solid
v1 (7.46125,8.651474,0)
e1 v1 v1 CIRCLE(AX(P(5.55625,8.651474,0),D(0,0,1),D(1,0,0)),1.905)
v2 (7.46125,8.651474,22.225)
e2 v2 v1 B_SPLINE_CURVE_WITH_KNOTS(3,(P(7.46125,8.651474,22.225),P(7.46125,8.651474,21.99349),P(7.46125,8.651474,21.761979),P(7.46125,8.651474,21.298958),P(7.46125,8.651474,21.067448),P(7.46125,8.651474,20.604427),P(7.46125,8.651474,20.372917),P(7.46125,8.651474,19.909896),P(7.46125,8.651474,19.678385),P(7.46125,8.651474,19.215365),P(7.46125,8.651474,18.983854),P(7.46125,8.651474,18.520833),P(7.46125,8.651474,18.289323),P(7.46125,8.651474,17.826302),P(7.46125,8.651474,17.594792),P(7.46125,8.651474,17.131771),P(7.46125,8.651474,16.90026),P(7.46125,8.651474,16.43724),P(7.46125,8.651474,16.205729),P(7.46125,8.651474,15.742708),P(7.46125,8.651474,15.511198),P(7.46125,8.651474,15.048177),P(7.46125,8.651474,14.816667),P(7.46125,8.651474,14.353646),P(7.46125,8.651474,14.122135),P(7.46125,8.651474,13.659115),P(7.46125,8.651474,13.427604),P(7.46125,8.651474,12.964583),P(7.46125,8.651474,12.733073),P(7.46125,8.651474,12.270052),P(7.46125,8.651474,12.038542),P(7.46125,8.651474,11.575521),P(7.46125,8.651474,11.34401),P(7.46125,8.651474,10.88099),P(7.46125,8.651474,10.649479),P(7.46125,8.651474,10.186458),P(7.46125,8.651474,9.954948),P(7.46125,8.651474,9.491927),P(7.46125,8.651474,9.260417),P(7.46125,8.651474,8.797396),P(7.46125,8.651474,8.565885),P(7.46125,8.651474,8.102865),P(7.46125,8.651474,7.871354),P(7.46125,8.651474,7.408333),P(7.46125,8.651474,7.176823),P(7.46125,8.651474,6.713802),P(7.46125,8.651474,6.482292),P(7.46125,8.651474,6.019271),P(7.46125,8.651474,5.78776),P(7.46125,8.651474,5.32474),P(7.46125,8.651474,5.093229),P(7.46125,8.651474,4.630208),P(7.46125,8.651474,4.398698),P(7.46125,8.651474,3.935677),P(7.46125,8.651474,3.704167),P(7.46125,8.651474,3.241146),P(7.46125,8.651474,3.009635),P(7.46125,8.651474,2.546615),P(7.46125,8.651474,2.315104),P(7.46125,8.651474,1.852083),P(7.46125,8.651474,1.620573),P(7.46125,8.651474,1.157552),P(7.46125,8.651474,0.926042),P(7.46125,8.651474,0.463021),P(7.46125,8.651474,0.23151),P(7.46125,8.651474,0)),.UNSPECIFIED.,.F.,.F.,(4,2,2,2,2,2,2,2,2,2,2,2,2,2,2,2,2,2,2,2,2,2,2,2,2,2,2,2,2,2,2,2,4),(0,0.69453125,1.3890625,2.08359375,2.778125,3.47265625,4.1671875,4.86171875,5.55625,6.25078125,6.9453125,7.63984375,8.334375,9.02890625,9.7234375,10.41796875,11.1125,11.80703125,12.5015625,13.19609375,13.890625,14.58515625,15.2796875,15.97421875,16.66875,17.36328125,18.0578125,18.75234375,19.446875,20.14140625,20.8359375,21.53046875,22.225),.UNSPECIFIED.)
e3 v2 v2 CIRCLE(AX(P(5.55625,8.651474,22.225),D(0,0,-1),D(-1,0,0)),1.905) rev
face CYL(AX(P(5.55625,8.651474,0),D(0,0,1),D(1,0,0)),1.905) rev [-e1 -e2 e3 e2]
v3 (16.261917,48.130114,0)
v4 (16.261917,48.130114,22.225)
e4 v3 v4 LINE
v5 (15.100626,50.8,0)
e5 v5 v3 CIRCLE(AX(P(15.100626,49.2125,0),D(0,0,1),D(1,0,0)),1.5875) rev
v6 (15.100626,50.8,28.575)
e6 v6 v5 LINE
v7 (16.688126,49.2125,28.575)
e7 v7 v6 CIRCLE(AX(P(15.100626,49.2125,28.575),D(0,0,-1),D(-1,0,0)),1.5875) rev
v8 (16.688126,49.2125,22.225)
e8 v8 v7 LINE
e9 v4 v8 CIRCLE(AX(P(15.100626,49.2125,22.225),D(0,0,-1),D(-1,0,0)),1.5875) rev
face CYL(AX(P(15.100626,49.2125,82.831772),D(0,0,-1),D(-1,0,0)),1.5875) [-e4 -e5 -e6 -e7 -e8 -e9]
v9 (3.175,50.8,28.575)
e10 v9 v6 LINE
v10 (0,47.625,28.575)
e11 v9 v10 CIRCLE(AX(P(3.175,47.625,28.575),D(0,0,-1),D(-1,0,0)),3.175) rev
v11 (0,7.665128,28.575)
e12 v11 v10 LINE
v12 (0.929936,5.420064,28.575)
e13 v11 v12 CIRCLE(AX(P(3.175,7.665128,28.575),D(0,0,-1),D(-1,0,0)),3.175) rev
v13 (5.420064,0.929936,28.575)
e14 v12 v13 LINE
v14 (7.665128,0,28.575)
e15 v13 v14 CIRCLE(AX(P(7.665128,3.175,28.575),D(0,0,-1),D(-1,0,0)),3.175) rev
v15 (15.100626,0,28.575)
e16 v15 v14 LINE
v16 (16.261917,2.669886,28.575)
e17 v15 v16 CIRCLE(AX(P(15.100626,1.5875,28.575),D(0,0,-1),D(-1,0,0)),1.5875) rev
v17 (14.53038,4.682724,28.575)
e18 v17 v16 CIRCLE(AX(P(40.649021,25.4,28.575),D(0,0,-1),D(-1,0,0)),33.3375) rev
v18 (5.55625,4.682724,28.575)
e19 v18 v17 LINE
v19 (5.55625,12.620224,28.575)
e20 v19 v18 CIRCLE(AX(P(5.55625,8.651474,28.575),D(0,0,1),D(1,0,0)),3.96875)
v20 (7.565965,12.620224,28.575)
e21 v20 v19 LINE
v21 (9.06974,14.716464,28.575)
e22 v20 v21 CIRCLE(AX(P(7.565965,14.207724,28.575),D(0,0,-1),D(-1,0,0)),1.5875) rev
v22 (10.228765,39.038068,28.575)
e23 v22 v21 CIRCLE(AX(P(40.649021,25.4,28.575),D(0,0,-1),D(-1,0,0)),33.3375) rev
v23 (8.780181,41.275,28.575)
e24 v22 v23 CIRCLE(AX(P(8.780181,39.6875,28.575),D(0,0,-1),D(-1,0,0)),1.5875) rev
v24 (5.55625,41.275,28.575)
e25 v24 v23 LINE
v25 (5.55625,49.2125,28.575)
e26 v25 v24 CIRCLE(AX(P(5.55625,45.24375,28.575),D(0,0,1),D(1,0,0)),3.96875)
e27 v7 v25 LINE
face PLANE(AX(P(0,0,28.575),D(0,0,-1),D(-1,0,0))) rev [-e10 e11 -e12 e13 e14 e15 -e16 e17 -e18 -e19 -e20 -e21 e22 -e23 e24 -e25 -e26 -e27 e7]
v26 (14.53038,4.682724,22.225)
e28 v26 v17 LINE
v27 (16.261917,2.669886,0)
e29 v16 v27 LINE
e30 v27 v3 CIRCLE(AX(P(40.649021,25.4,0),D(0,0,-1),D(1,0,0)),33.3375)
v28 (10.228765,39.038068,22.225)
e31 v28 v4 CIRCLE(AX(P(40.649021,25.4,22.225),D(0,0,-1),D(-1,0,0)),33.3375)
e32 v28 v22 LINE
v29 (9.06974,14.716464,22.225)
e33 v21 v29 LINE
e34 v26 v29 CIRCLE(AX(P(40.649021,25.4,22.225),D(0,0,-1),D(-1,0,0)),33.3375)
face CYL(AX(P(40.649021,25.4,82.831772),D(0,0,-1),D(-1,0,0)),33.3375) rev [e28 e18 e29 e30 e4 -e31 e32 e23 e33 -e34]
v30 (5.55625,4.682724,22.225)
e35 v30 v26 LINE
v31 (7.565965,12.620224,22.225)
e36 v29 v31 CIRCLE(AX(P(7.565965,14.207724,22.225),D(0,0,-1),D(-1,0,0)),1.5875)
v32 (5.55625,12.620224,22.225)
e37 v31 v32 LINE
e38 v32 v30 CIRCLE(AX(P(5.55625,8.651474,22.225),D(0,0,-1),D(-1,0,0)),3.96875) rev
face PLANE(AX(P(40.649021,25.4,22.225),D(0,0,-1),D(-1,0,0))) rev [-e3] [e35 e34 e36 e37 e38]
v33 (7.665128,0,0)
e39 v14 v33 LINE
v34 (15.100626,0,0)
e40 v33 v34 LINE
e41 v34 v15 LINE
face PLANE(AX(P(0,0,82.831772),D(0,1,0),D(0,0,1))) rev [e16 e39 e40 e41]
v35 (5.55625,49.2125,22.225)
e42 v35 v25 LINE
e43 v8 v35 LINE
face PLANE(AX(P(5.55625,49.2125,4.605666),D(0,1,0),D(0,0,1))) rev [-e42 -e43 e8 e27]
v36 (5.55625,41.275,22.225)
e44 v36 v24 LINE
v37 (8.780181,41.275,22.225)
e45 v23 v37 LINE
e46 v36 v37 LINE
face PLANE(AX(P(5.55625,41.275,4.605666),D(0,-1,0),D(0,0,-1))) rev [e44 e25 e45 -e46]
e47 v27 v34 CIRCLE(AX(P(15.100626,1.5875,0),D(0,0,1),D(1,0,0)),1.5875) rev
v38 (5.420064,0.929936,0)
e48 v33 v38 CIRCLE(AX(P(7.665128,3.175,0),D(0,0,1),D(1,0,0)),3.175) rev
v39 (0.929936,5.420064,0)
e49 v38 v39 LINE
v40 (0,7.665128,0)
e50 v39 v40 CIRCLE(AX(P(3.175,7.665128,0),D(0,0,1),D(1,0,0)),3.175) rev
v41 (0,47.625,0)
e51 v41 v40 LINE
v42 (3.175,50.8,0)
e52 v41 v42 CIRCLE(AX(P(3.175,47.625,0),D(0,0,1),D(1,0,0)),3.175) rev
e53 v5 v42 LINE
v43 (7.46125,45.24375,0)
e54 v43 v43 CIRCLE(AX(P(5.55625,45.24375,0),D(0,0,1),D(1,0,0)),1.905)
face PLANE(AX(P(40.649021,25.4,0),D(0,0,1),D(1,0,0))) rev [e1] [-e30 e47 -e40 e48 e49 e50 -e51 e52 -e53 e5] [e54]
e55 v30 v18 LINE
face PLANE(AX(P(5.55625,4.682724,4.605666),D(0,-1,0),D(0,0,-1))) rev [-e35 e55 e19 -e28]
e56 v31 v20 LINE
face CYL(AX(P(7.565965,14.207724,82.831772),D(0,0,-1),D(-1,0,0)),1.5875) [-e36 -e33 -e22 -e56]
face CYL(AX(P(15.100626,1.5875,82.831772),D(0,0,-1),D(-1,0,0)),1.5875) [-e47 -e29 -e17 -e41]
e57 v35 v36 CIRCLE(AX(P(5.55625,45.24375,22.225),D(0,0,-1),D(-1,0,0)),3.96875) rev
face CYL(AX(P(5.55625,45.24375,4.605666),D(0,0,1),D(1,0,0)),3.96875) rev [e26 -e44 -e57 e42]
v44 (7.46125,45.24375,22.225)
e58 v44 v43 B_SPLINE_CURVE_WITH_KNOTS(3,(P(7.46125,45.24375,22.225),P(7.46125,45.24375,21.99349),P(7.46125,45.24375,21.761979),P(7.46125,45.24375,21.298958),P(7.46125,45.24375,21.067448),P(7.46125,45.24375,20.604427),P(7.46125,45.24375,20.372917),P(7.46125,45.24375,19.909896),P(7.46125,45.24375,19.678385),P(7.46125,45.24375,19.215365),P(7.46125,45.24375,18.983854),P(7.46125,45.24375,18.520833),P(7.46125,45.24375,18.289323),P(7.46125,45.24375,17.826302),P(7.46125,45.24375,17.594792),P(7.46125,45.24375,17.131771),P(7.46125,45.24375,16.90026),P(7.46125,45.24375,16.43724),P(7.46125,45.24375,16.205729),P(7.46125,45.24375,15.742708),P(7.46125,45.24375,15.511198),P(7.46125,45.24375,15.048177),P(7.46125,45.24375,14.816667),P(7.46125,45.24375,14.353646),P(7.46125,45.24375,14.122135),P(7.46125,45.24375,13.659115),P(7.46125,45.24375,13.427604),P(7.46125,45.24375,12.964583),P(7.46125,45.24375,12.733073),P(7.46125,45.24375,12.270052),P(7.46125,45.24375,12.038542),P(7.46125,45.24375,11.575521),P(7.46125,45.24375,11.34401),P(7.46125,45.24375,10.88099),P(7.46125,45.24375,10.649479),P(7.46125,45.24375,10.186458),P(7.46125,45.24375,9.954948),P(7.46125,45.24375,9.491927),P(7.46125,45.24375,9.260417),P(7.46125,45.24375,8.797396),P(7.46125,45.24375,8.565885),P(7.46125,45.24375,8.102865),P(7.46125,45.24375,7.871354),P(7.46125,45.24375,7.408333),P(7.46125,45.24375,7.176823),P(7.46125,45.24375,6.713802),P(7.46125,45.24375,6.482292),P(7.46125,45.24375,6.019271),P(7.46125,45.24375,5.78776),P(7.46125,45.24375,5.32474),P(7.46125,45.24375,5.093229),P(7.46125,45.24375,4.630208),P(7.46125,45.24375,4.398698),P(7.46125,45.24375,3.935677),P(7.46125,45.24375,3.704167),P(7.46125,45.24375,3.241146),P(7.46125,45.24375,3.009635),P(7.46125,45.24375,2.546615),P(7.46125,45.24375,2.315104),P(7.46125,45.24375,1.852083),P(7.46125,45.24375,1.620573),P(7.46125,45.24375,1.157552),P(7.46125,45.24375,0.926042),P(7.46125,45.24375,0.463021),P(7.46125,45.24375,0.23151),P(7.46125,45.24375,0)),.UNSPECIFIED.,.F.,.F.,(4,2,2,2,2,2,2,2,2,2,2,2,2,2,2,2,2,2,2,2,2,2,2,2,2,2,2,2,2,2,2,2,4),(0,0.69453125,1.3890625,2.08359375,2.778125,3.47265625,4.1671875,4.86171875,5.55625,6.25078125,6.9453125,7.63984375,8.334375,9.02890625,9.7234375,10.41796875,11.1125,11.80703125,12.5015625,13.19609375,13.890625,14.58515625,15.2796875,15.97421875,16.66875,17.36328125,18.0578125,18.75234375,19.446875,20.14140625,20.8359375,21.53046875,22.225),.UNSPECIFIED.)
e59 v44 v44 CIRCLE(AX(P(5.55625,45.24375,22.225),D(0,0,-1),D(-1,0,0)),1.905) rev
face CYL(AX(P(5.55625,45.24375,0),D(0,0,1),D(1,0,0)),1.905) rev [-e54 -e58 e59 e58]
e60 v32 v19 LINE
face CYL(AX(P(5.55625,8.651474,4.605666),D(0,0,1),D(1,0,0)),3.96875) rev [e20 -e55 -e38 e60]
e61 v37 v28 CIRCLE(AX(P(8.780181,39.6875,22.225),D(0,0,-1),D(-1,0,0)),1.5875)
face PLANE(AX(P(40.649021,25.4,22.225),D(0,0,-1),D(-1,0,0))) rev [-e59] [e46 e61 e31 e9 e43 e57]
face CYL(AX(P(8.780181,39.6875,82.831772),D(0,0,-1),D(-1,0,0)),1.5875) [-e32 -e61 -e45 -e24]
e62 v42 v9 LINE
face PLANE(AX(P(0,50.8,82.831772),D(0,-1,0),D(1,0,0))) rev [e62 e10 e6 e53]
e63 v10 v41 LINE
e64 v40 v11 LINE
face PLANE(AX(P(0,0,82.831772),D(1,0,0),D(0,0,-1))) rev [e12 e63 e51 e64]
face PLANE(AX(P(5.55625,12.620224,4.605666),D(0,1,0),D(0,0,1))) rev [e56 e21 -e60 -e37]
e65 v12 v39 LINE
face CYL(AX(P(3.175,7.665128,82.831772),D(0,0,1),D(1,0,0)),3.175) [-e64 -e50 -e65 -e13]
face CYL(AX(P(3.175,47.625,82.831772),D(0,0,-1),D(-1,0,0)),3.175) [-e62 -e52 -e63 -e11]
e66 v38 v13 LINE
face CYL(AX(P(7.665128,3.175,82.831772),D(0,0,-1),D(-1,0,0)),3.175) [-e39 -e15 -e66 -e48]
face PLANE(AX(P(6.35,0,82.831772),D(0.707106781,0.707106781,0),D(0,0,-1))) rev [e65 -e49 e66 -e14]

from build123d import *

# Parameters (mm, degrees)
BOSS_EXTRUDE1_DEPTH = 28.575
CHAMFER1_SIZE       = 6.35
SKETCH3_R           = 1.905
CUT_EXTRUDE1_DEPTH  = 62.321512782
FILLET1_R           = 3.175
CUT_EXTRUDE4_START  = -6.35
CUT_EXTRUDE4_DEPTH  = 6.35
FILLET3_R           = 1.5875
FILLET5_R           = 1.5875


with BuildPart() as part:
    # Sketch2 → Boss-Extrude1 (new body)
    with BuildSketch(Plane.XY):
        with BuildLine():
            Line((0, 0), (19.056686619, 0))
            ThreePointArc((19.056686619, 0), (7.311521051, 25.4), (19.056686619, 50.8))
            Line((19.056686619, 50.8), (0, 50.8))
            Line((0, 50.8), (0, 0))
        make_face()
    extrude(amount=BOSS_EXTRUDE1_DEPTH)

    # Chamfer1
    chamfer1_edges = [part.edges().sort_by_distance(p)[0] for p in [
        (0, 0, 14.2875),
    ]]
    chamfer(chamfer1_edges, length=CHAMFER1_SIZE)

    # Sketch3 → Cut-Extrude1 (cut, through all)
    with BuildSketch(Plane.XY.offset(28.575)):
        with Locations((5.55625, 45.24375)):
            Circle(SKETCH3_R)
        with Locations((5.55625, 8.651474106)):
            Circle(SKETCH3_R)
    extrude(amount=-CUT_EXTRUDE1_DEPTH, mode=Mode.SUBTRACT)

    # Fillet1
    fillet1_edges = [part.edges().sort_by_distance(p)[0] for p in [
        (0, 50.8, 14.2875),
        (6.35, 0, 14.2875),
        (0, 6.35, 14.2875),
    ]]
    fillet(fillet1_edges, radius=FILLET1_R)

    # Sketch6 → Cut-Extrude4 (cut)
    with BuildSketch(Plane.XY.offset(28.575).offset(CUT_EXTRUDE4_START)):
        with BuildLine():
            Line((5.55625, 49.2125), (17.317631251, 49.2125))
            ThreePointArc((17.317631251, 49.2125), (14.028288765, 45.468022294), (11.333951868, 41.275))
            Line((11.333951868, 41.275), (5.55625, 41.275))
            ThreePointArc((5.55625, 41.275), (1.5875, 45.24375), (5.55625, 49.2125))
        make_face()
        with BuildLine():
            Line((5.55625, 12.620224106), (9.858336838, 12.620224106))
            ThreePointArc((9.858336838, 12.620224106), (11.918918568, 8.489348991), (14.530380471, 4.682724106))
            Line((14.530380471, 4.682724106), (5.55625, 4.682724106))
            ThreePointArc((5.55625, 4.682724106), (1.5875, 8.651474106), (5.55625, 12.620224106))
        make_face()
    extrude(amount=CUT_EXTRUDE4_DEPTH, mode=Mode.SUBTRACT)

    # Fillet3
    fillet3_edges = [part.edges().sort_by_distance(p)[0] for p in [
        (19.056686619, 0, 14.2875),
        (19.056686619, 50.8, 14.2875),
    ]]
    fillet(fillet3_edges, radius=FILLET3_R)

    # Fillet5
    fillet5_edges = [part.edges().sort_by_distance(p)[0] for p in [
        (11.333951868, 41.275, 25.4),
        (9.858336838, 12.620224106, 25.4),
    ]]
    fillet(fillet5_edges, radius=FILLET5_R)


solid = part.part
